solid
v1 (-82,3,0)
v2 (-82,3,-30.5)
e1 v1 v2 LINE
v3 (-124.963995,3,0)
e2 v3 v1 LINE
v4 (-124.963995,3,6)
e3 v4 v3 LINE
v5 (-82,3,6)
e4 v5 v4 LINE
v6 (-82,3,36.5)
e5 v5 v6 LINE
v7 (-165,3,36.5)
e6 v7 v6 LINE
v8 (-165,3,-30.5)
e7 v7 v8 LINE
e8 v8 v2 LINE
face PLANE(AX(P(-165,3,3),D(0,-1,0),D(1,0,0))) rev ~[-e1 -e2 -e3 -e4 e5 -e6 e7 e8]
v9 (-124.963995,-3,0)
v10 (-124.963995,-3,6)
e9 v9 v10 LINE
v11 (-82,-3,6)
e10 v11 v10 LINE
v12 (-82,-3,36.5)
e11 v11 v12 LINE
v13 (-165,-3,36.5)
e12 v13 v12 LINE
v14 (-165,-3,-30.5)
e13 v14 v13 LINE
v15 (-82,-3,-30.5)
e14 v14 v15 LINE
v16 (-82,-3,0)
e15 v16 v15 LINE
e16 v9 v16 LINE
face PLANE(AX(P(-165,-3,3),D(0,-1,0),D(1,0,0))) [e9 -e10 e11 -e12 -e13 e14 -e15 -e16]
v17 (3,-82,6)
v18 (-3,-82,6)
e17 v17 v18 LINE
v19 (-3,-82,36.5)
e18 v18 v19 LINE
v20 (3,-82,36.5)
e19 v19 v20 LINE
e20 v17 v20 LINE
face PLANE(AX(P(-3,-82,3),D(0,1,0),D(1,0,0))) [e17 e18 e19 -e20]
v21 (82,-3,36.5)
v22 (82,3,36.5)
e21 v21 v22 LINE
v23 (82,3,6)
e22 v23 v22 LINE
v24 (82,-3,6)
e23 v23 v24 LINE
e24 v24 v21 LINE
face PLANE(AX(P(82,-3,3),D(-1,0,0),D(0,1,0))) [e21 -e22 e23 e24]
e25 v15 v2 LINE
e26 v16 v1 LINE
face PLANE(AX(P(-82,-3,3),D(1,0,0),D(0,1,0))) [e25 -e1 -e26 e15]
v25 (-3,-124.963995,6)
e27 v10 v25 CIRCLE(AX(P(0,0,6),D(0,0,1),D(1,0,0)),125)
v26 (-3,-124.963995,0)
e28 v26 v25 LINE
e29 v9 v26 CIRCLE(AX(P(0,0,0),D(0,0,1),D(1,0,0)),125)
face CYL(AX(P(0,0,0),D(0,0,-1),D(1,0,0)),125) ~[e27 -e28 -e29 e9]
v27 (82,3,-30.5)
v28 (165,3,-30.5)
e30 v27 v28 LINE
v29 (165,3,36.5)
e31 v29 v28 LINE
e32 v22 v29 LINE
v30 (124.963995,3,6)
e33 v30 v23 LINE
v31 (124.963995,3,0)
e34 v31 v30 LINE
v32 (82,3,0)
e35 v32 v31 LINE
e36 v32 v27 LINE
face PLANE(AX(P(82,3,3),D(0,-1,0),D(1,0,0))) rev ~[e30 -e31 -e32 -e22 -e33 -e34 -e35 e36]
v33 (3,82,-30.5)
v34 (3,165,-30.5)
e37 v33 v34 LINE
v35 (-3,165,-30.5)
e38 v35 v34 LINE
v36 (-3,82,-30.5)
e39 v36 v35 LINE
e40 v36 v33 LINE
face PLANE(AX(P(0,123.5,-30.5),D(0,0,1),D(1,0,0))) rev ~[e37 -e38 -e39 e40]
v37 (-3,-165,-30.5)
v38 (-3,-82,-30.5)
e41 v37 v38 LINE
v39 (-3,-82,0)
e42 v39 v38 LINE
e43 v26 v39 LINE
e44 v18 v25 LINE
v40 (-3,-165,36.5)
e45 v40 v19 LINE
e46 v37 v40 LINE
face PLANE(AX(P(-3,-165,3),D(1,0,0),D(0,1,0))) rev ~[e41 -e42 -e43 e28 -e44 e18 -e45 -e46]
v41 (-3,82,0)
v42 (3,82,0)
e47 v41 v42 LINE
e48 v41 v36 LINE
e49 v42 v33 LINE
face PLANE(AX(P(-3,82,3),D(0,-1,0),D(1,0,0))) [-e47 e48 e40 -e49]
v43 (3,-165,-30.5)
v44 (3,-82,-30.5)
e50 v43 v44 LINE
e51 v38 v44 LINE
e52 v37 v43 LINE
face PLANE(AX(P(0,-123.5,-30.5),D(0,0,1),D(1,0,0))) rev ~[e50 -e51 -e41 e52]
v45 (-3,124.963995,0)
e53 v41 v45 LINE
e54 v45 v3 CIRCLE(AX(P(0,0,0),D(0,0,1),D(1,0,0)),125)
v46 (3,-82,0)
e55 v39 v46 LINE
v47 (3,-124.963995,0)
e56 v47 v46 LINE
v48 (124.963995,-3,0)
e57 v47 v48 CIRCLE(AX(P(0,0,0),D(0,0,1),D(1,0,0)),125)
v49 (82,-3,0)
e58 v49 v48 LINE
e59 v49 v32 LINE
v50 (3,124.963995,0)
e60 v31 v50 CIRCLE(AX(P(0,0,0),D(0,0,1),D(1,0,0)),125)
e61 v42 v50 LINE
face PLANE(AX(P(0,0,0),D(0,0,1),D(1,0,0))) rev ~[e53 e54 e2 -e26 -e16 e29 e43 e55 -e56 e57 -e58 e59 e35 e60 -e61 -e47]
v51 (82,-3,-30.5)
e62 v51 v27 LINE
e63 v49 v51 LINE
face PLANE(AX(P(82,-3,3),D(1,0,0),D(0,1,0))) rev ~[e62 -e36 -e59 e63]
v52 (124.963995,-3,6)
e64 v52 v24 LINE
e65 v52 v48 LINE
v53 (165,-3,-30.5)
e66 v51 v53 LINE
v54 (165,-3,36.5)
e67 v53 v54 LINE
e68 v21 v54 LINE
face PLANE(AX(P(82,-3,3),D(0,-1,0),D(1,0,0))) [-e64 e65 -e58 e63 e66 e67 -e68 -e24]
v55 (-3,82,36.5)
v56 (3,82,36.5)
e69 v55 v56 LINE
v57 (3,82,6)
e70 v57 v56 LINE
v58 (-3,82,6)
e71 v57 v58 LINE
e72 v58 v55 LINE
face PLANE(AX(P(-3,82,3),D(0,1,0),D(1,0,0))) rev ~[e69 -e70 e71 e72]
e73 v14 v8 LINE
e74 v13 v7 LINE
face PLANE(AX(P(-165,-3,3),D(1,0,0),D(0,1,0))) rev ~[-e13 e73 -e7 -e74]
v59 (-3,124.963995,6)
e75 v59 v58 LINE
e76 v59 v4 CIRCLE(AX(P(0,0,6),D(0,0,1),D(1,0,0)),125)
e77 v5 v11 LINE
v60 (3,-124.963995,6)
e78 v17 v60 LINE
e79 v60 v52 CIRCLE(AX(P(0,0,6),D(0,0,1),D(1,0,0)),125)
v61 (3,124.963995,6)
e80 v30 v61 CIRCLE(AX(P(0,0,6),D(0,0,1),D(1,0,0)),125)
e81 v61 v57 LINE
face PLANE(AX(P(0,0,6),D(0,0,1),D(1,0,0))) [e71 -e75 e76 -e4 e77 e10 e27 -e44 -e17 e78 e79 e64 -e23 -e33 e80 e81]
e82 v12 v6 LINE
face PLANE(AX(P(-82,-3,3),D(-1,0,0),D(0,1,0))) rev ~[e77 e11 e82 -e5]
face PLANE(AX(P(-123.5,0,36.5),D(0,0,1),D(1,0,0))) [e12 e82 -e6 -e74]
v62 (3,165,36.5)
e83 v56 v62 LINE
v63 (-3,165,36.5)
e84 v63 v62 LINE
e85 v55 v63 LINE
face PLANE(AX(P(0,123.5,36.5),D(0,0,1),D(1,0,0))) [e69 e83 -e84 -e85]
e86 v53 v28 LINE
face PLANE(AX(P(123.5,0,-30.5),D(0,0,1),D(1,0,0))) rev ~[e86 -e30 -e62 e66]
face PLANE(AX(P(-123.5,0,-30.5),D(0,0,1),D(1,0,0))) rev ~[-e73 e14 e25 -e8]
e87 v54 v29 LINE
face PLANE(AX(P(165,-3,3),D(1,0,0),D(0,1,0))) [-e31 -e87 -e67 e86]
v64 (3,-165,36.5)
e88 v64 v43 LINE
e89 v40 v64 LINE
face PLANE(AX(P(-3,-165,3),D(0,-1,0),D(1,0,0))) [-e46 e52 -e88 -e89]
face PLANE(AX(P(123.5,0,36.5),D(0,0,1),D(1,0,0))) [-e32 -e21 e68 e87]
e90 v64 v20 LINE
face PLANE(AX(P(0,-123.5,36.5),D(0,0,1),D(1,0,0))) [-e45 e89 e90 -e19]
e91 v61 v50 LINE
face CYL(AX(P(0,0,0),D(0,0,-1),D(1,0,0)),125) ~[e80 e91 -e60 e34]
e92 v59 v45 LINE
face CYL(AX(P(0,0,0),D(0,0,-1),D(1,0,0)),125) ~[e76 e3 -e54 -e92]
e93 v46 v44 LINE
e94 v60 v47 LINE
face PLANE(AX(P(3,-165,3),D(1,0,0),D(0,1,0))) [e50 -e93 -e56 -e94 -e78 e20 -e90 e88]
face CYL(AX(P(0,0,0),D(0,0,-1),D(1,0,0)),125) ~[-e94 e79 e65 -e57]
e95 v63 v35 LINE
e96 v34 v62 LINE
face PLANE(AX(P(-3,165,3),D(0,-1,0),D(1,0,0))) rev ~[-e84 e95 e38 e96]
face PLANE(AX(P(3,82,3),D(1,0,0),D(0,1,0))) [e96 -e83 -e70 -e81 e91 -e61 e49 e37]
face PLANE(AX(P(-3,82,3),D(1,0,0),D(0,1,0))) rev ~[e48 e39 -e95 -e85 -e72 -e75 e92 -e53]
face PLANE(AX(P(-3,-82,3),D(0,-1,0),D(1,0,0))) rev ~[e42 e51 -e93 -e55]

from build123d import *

# Parameters (mm, degrees)
F0_R          = 125
F1_DEPTH      = 6
F3_W          = 83
F3_H          = 6
F3_W_2        = 6
F3_H_2        = 83
F4_DEPTH      = 33.5
F4_DEPTH_BACK = 33.5


with BuildPart() as f1:
    # F0 (on Top) → F1 (new body)
    with BuildSketch(Plane.XY):
        Circle(F0_R)
    extrude(amount=F1_DEPTH)

    # F3 (on mid) → F4 (join, two sides)
    with BuildSketch(Plane.XY.offset(3)) as f4_sk:
        with Locations((-123.5, 0)):
            Rectangle(F3_W, F3_H)
        with Locations((0, 123.5)):
            Rectangle(F3_W_2, F3_H_2)
        with Locations((123.5, 0)):
            Rectangle(F3_W, F3_H)
        with Locations((0, -123.5)):
            Rectangle(F3_W_2, F3_H_2)
    extrude(amount=F4_DEPTH)
    extrude(f4_sk.sketch, amount=-F4_DEPTH_BACK)


solid = f1.part
